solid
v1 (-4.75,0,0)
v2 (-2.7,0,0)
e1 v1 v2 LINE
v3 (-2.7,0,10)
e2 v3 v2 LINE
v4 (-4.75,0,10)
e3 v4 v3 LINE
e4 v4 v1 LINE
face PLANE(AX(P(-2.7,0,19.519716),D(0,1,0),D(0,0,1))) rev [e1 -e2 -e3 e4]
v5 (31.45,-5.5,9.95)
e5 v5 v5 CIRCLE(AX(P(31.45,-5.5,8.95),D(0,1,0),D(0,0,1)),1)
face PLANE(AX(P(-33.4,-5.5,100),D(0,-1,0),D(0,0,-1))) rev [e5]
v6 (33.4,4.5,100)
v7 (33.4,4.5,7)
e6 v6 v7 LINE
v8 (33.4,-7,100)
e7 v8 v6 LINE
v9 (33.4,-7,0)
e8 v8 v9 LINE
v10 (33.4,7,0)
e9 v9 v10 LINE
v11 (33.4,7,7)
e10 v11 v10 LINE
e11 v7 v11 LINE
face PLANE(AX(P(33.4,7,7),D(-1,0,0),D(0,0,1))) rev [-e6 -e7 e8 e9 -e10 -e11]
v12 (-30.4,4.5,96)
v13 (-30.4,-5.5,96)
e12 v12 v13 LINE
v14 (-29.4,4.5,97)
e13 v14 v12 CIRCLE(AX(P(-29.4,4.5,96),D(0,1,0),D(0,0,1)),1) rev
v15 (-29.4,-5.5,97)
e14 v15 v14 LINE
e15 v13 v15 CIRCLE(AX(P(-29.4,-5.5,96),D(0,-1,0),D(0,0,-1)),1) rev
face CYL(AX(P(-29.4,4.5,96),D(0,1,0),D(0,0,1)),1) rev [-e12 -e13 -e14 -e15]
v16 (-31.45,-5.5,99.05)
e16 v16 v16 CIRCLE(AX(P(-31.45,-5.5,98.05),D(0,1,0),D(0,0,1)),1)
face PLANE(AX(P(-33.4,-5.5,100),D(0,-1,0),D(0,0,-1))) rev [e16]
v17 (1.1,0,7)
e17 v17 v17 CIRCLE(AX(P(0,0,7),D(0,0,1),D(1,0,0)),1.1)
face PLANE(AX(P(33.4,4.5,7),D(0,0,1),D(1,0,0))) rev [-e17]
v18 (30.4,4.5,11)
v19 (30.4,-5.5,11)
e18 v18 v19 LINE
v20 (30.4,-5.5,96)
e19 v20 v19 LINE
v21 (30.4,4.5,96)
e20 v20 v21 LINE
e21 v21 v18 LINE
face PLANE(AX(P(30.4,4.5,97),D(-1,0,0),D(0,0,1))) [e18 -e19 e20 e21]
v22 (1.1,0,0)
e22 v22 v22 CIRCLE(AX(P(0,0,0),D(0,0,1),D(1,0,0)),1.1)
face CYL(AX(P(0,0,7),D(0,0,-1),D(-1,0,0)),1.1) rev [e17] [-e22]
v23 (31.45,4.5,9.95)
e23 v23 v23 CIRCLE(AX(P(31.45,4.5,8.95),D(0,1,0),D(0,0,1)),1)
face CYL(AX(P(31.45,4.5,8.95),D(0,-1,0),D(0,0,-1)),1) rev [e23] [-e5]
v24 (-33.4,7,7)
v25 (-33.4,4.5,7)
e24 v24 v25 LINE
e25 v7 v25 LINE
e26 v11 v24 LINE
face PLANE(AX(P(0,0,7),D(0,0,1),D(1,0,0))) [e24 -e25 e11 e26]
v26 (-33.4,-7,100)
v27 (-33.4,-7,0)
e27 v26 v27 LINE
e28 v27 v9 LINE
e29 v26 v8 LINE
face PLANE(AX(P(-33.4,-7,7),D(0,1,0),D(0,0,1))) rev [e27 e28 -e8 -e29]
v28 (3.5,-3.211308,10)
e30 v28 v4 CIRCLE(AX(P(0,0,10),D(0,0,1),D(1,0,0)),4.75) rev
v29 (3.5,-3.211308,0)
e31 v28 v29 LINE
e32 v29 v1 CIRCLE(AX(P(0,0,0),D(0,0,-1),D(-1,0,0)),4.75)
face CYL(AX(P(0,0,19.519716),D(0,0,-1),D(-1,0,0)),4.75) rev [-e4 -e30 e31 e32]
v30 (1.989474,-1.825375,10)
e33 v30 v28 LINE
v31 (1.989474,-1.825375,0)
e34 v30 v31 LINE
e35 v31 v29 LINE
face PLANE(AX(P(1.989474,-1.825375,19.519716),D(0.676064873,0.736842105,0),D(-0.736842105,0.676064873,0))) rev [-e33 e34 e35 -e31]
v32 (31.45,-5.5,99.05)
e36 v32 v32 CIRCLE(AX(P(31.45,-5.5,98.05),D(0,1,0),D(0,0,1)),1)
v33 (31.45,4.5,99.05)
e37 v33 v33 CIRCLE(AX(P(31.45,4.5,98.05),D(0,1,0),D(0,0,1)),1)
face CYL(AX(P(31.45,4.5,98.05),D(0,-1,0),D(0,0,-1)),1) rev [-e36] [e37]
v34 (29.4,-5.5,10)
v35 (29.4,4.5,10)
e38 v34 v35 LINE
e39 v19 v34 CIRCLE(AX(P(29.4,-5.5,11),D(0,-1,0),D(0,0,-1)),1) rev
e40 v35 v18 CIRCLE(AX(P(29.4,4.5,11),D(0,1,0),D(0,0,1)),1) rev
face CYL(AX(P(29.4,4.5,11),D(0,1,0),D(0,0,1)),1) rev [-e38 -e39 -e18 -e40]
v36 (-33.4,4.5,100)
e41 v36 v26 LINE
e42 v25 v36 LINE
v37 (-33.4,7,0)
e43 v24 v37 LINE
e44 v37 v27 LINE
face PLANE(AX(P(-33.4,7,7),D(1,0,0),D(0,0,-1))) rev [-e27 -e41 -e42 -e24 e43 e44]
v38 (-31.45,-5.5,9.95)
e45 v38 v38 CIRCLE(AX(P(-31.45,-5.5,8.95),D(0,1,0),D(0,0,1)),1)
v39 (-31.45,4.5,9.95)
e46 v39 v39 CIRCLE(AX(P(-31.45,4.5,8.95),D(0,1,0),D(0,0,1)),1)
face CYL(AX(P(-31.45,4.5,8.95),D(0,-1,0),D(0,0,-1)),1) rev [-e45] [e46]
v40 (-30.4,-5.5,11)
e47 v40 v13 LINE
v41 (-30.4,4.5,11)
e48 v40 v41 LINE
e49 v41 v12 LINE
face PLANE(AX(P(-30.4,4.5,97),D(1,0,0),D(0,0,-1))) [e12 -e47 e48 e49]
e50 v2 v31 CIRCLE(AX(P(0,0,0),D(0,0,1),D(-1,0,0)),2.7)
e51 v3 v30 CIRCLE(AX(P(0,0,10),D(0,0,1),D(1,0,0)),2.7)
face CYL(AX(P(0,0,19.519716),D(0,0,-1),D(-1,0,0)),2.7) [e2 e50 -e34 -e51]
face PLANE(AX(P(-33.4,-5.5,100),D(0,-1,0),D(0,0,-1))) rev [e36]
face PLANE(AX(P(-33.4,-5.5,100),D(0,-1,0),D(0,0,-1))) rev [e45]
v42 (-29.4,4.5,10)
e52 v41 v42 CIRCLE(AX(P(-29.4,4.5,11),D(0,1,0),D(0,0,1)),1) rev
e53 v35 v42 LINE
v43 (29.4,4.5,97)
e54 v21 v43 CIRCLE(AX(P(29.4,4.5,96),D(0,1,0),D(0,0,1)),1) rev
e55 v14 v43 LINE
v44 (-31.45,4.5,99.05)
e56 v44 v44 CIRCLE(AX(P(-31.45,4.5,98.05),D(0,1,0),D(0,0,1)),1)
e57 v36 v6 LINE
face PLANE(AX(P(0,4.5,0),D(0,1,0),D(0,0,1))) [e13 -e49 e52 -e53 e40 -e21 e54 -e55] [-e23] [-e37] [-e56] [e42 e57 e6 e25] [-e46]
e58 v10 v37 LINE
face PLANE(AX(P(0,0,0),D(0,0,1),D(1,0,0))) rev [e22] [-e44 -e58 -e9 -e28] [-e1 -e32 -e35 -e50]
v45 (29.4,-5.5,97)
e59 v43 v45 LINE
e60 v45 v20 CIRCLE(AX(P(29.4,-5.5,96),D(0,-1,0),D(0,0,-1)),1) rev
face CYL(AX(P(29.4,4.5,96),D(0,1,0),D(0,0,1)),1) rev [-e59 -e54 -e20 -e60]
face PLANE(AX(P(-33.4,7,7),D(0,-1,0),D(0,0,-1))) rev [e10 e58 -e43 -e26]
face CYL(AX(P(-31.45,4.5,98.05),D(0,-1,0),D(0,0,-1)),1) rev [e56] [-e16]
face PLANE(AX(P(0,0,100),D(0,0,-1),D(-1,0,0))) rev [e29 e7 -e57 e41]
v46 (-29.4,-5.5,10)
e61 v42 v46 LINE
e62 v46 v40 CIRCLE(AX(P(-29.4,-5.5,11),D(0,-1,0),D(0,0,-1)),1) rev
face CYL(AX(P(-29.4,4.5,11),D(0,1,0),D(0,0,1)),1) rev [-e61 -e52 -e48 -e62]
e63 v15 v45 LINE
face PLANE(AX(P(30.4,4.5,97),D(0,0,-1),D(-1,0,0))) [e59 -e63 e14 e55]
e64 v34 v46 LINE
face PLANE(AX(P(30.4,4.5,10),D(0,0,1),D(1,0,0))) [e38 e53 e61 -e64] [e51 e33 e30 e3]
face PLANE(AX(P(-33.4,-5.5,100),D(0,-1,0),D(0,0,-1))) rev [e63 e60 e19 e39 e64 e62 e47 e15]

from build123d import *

# Parameters (mm, degrees)
SKETCH1_W           = 66.8
SKETCH1_H           = 14
SKETCH1_R           = 1.1
BOSS_EXTRUDE2_DEPTH = 7
SKETCH5_W           = 66.8
SKETCH5_H           = 1.5
BOSS_EXTRUDE3_DEPTH = 93
SKETCH6_W           = 66.8
SKETCH6_H           = 93
SKETCH6_R           = 1
SKETCH6_W_2         = 60.8
SKETCH6_H_2         = 87
BOSS_EXTRUDE4_DEPTH = 10
FILLET1_R           = 1
CUT_EXTRUDE1_DEPTH  = 10


with BuildPart() as part:
    # Sketch1 → Boss-Extrude2 (new body)
    with BuildSketch(Plane.XY):
        Rectangle(SKETCH1_W, SKETCH1_H)
        Circle(SKETCH1_R, mode=Mode.SUBTRACT)
    extrude(amount=BOSS_EXTRUDE2_DEPTH)

    # Sketch5 → Boss-Extrude3 (add)
    with BuildSketch(Plane.XY.offset(7)):
        with Locations((0, -6.25)):
            Rectangle(SKETCH5_W, SKETCH5_H)
    extrude(amount=BOSS_EXTRUDE3_DEPTH)

    # Sketch6 → Boss-Extrude4 (add)
    with BuildSketch(Plane(origin=(0, -5.5, 0), x_dir=(1, 0, 0), z_dir=(0, 1, 0))):
        with Locations((0, -53.5)):
            Rectangle(SKETCH6_W, SKETCH6_H)
        with Locations(Location((-31.45, -8.95, 0), (0, 0, 270))):
            Circle(SKETCH6_R, mode=Mode.SUBTRACT)
        with Locations(Location((31.45, -8.95, 0), (0, 0, 270))):
            Circle(SKETCH6_R, mode=Mode.SUBTRACT)
        with Locations(Location((31.45, -98.05, 0), (0, 0, 270))):
            Circle(SKETCH6_R, mode=Mode.SUBTRACT)
        with Locations(Location((-31.45, -98.05, 0), (0, 0, 270))):
            Circle(SKETCH6_R, mode=Mode.SUBTRACT)
        with Locations((0, -53.5)):
            Rectangle(SKETCH6_W_2, SKETCH6_H_2, mode=Mode.SUBTRACT)
    extrude(amount=BOSS_EXTRUDE4_DEPTH)

    # Fillet1
    fillet1_edges = [part.edges().sort_by_distance(p)[0] for p in [
        (30.4, -0.5, 97),
        (30.4, -0.5, 10),
        (-30.4, -0.5, 10),
        (-30.4, -0.5, 97),
    ]]
    fillet(fillet1_edges, radius=FILLET1_R)

    # Sketch2 → Cut-Extrude1 (cut)
    with BuildSketch(Plane(origin=(0, 0, 0), x_dir=(-1, 0, 0), z_dir=(0, 0, -1))):
        with BuildLine():
            Line((2.7, 0), (4.75, 0))
            ThreePointArc((4.75, 0), (1.723006094, -4.426482802), (-3.5, -3.211308145))
            Line((-3.5, -3.211308145), (-1.989473684, -1.825375156))
            ThreePointArc((-1.989473684, -1.825375156), (0.979392938, -2.516106014), (2.7, 0))
        make_face()
    extrude(amount=-CUT_EXTRUDE1_DEPTH, mode=Mode.SUBTRACT)


solid = part.part
